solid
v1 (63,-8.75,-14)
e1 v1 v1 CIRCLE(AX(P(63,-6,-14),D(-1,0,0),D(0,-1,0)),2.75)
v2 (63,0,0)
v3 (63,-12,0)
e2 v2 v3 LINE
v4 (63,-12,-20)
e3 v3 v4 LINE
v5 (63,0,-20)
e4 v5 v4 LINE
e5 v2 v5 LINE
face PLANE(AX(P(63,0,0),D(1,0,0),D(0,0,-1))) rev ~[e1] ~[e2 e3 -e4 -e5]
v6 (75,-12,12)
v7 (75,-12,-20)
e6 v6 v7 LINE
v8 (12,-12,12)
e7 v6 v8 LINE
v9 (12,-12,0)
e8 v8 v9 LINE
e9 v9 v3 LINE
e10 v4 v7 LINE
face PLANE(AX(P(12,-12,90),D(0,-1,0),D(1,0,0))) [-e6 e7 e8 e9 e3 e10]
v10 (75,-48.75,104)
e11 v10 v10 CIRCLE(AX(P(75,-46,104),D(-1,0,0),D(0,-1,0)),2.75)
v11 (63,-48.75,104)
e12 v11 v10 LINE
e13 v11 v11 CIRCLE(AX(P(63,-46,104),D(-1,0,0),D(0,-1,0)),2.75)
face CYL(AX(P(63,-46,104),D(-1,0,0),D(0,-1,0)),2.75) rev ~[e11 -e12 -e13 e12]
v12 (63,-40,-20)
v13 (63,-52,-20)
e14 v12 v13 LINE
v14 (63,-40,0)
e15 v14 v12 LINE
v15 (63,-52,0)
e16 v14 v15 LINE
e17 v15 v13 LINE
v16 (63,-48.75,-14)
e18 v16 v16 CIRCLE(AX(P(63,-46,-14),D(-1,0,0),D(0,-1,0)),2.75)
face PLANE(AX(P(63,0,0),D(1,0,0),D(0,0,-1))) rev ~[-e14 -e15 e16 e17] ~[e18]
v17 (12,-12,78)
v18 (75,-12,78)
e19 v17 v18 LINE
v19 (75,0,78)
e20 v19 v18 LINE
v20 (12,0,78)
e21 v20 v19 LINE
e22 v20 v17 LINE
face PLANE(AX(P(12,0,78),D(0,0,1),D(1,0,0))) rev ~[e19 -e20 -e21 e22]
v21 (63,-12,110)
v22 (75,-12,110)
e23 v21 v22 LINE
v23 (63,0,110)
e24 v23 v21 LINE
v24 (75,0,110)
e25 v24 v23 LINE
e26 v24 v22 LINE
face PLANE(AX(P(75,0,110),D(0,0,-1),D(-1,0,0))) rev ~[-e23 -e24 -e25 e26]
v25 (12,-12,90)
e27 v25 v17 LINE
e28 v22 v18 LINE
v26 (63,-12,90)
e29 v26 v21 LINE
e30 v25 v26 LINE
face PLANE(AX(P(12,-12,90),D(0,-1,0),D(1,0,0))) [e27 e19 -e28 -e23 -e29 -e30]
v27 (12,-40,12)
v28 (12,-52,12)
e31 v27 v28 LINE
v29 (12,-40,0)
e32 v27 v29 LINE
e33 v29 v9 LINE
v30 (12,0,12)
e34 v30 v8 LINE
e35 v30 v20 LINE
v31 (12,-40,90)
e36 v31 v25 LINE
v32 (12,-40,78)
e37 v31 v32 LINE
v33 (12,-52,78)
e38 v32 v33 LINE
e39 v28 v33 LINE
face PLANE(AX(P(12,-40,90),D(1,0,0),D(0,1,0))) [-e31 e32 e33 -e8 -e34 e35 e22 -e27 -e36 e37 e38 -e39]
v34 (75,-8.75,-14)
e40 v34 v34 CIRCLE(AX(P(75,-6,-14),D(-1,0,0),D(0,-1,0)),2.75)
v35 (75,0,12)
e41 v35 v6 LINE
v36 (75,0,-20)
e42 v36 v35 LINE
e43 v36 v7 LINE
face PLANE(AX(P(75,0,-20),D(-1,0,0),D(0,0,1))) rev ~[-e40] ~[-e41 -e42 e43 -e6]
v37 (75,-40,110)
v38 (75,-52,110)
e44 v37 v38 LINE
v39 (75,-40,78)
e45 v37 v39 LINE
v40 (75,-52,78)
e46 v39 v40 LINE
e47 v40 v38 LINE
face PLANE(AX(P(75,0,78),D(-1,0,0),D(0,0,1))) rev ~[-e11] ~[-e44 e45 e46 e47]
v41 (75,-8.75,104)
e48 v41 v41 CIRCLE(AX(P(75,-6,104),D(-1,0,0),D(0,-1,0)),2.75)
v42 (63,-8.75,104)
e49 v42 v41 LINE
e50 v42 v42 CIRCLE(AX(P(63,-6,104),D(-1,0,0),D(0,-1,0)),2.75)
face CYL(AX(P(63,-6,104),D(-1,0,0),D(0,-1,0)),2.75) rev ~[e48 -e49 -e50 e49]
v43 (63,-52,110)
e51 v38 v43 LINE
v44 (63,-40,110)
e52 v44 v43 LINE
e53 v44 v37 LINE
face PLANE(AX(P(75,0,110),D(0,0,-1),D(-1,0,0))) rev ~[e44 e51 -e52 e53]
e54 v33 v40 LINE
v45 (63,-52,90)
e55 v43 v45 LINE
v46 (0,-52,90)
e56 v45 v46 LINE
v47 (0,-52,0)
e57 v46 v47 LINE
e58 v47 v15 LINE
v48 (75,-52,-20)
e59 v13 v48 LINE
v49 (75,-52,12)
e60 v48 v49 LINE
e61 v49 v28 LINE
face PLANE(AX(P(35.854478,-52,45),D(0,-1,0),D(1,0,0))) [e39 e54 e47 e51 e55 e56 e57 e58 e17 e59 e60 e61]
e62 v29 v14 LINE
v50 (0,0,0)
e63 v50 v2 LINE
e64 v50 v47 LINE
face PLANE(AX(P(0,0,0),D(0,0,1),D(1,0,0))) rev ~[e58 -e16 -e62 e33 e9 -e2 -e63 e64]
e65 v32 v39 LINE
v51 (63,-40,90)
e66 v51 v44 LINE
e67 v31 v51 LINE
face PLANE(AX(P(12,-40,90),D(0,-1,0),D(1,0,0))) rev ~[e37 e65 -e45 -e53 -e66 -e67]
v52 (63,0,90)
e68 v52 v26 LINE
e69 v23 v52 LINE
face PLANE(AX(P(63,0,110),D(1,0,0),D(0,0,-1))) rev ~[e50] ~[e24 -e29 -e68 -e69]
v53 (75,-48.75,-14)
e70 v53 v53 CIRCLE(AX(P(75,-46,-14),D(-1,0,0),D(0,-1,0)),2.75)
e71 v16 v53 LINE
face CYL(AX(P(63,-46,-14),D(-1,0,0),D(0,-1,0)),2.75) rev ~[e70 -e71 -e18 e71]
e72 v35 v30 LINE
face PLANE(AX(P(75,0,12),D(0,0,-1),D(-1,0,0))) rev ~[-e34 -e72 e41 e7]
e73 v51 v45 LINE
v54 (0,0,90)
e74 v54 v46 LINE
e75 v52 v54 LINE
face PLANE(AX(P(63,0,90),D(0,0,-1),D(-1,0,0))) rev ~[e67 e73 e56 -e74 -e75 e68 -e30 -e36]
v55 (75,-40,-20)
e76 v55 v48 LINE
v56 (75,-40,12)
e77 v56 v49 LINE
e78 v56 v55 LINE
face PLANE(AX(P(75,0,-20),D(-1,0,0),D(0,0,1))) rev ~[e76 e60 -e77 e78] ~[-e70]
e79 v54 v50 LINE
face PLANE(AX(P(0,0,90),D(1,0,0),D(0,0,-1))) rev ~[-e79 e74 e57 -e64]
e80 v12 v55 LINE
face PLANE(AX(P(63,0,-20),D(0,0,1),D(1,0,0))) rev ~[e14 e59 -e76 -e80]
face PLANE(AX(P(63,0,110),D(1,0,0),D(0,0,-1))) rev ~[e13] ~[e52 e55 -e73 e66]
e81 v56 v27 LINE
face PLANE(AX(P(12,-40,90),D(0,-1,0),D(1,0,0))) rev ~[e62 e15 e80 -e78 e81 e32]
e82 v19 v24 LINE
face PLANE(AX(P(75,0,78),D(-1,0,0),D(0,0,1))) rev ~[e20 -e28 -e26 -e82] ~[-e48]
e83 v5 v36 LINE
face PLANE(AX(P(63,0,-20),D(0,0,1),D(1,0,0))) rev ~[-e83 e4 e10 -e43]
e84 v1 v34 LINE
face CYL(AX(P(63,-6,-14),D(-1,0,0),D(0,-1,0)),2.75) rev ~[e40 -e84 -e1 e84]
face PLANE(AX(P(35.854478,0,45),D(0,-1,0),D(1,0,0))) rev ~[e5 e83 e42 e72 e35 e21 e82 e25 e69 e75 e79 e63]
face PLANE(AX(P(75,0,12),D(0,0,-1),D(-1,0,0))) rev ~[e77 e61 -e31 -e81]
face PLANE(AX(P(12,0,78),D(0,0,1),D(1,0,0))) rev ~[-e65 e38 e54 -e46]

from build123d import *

# Parameters (mm, degrees)
F1_DEPTH      = 52
F2_W          = 63
F2_H          = 28
F3_DEPTH      = 110.001
F3_DEPTH_BACK = 20.001
F4_R          = 2.75
F5_DEPTH      = 12.001


with BuildPart() as f1:
    # F0 (on Front) → F1 (new body)
    with BuildSketch(Plane.XZ):
        Polygon((0, 12), (0, 0), (63, 0), (63, -20), (75, -20), (75, 0), (75, 12), (12, 12), (12, 78), (75, 78), (75, 90), (75, 110), (63, 110), (63, 90), (0, 90), align=None)
    extrude(amount=F1_DEPTH)

    # F2 (on face) → F3 (cut, two sides)
    with BuildSketch(Plane.XY.offset(90)) as f3_sk:
        with Locations((43.5, -26)):
            Rectangle(F2_W, F2_H)
    extrude(amount=-F3_DEPTH, mode=Mode.SUBTRACT)
    extrude(f3_sk.sketch, amount=F3_DEPTH_BACK, mode=Mode.SUBTRACT)

    # F4 (on face) → F5 (cut, through all)
    with BuildSketch(Plane(origin=(63, 0, 0), x_dir=(0, -1, 0), z_dir=(-1, 0, 0))):
        with Locations((6, 104)):
            Circle(F4_R)
        with Locations((46, 104)):
            Circle(F4_R)
        with Locations((6, -14)):
            Circle(F4_R)
        with Locations((46, -14)):
            Circle(F4_R)
    extrude(amount=-F5_DEPTH, mode=Mode.SUBTRACT)


solid = f1.part
